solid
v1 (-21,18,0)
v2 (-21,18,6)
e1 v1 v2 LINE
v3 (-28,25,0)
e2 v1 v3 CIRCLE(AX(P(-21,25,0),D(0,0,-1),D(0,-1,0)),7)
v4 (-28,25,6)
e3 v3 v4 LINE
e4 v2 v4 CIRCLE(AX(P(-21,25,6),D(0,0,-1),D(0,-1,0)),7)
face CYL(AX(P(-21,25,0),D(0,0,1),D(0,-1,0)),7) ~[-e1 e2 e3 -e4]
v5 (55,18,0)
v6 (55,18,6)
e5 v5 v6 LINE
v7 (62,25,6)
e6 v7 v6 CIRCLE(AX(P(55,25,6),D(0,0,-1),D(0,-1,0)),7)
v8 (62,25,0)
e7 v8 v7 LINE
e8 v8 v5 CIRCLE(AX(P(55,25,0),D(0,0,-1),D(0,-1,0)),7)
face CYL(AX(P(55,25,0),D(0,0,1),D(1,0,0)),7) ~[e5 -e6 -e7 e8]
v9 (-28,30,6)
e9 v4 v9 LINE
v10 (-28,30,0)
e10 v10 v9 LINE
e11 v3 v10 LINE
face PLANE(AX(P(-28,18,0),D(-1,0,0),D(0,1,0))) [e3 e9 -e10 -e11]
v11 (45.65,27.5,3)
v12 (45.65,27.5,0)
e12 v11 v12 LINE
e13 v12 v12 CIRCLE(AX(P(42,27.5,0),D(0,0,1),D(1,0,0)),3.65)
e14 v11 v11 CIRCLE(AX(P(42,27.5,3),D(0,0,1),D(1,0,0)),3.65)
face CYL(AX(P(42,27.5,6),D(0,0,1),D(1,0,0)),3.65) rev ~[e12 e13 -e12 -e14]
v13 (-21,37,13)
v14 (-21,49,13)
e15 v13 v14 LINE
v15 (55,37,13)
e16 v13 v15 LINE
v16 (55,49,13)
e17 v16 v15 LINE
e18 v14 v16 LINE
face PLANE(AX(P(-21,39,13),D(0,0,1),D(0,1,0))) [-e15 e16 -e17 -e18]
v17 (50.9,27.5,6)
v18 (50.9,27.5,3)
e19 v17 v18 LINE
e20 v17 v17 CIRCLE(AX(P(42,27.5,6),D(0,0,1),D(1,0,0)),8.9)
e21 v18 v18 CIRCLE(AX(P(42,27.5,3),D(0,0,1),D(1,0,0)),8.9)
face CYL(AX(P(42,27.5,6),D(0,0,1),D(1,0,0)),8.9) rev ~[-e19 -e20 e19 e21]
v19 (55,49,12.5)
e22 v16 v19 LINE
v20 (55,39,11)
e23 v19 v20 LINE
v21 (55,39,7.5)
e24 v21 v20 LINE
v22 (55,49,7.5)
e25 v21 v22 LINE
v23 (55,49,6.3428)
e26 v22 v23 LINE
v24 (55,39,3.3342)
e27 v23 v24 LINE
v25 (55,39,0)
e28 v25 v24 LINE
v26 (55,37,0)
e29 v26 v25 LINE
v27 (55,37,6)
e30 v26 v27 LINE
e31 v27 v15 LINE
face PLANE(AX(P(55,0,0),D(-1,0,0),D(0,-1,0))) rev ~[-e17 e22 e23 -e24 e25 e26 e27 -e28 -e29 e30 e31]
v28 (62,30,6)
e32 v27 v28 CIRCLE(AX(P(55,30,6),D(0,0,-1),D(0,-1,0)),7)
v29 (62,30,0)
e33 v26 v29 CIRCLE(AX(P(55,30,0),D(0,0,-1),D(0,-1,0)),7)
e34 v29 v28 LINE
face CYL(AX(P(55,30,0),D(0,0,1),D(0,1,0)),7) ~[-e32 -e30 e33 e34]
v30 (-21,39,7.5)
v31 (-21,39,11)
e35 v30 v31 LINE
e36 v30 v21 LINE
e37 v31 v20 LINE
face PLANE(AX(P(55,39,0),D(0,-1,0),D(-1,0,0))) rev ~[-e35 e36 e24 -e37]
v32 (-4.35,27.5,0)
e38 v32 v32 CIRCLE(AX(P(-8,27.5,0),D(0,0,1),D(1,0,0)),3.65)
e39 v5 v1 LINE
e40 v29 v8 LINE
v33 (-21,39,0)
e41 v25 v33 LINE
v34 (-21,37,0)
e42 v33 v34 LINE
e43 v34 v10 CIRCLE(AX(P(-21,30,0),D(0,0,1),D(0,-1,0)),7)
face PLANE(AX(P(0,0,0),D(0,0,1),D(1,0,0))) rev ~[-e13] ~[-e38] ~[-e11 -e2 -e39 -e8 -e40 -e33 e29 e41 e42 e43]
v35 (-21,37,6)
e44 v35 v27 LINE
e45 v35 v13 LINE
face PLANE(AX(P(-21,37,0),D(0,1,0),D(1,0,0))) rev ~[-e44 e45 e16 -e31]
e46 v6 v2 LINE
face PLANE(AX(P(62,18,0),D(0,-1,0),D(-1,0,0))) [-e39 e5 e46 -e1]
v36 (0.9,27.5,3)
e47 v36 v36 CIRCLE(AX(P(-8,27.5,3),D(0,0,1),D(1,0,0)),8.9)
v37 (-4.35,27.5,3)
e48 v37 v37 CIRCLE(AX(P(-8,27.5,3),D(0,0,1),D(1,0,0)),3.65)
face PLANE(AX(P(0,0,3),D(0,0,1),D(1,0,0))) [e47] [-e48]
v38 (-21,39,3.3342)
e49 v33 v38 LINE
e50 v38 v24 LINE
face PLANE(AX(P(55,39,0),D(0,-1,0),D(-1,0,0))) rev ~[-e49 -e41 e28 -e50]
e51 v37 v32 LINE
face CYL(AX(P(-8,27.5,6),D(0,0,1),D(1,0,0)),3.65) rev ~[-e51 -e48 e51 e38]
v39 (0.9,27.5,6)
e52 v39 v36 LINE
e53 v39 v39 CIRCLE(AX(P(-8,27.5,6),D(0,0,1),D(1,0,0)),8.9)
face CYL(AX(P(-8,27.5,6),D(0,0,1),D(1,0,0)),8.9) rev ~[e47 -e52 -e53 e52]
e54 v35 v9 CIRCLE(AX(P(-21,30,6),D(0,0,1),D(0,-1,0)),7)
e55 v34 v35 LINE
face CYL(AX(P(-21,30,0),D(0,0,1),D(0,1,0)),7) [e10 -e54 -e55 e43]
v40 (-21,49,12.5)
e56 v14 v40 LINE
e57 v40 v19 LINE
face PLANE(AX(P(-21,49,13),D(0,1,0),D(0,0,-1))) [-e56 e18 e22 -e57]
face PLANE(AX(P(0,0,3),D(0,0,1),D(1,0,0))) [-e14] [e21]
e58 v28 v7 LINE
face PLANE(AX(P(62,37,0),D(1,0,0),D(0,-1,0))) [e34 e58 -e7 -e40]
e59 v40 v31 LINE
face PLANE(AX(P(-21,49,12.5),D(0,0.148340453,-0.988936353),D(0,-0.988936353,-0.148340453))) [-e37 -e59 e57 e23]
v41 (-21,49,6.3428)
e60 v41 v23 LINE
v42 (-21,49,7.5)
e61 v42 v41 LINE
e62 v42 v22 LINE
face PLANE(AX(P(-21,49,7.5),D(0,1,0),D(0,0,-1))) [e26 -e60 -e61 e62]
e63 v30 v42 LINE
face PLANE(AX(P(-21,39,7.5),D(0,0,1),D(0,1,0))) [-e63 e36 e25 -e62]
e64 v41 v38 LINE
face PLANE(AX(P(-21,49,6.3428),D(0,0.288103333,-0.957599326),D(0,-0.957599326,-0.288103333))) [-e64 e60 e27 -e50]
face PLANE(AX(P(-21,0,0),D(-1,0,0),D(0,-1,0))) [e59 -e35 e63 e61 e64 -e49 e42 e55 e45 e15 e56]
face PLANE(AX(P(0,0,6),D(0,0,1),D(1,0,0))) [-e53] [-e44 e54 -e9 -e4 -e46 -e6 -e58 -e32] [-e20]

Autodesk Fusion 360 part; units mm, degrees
sketch "Sketch1" plane through (0, 0, 0) normal (0, 0, 1) x (1, 0, 0)
  line L0 (-28, 37) -> (62, 37)
  line L1 (62, 37) -> (62, 18)
  line L2 (62, 18) -> (-28, 18)
  line L3 (-28, 18) -> (-28, 37)
  dimension "d1" = 90
  dimension "d2" = 19
extrude "Extrude1" add sketch "Sketch1" along normal blind 6
fillet "Fillet1" radius 7 3 edges at (62, 37, 3) (62, 18, 3) (-28, 18, 3)
fillet "Fillet2" radius 7 1 edges at (-28, 37, 3)
sketch "Sketch2" plane through (0, 0, 6) normal (0, 0, 1) x (-1, 0, 0)
  arc A0 (21, -37) -> (28, -30) centre (21, -30) ccw
  line L0 (28, -30) -> (28, -25)
  arc A1 (28, -25) -> (21, -18) centre (21, -25) ccw
  line L1 (21, -18) -> (-55, -18)
  arc A2 (-55, -18) -> (-62, -25) centre (-55, -25) ccw
  line L2 (-62, -25) -> (-62, -30)
  arc A3 (-62, -30) -> (-55, -37) centre (-55, -30) ccw
  line L3 (-55, -37) -> (21, -37)
ref_plane "WorkPlane1" through (17, 27.5, 6) normal (0, 0, 1) x (-1, 0, 0)
sketch "Sketch3" plane through (0, 0, 6) normal (0, 0, 1) x (1, 0, 0)
  line L0 (17, 37) -> (17, 18)
  circle A0 centre (-8, 27.5) radius 8.9
  circle A1 centre (42, 27.5) radius 8.9
  circle A2 centre (-8, 27.5) radius 3.65
  circle A3 centre (42, 27.5) radius 3.65
  dimension "d13" = 17.8
  dimension "d14" = 17.8
  dimension "d15" = 7.3
  dimension "d16" = 7.3
extrude "Extrude2" cut sketch "Sketch3" against normal blind 7 contours A2 | A3
extrude "Extrude3" cut sketch "Sketch3" against normal blind 3
sketch "Sketch4" plane through (0, 0, 0) normal (0, 0, 1) x (1, 0, 0)
  line L0 (-21, 37) -> (55, 37)
  line L1 (55, 37) -> (55, 39)
  line L2 (55, 39) -> (-21, 39)
  line L3 (-21, 39) -> (-21, 37)
  dimension "d21" = 76
  dimension "d22" = 2
extrude "Extrude4" add sketch "Sketch4" along normal blind 13
ref_plane "WorkPlane2" through (-21, 38, 6.5) normal (-1, 0, 0) x (0, -1, 0)
sketch "Sketch5" plane through (-21, 0, 0) normal (-1, 0, 0) x (0, -1, 0)
  line L0 (-39, 13) -> (-49, 13)
  line L1 (-49, 13) -> (-49, 12)
  line L2 (-39, 13) -> (-39, 11)
  line L3 (-49, 12.5) -> (-39, 11)
  dimension "d26" = 10
  dimension "d27" = 1
extrude "Extrude5" add sketch "Sketch5" against normal blind 76
sketch "Sketch6" plane through (-21, 0, 0) normal (-1, 0, 0) x (0, -1, 0)
  line L0 (-39, 0) -> (-37, 0)
  line L1 (-37, 0) -> (-37, 6)
  line L2 (-37, 6) -> (-37, 13)
  line L3 (-37, 13) -> (-49, 13)
  line L4 (-49, 13) -> (-49, 12.5)
  line L5 (-49, 12.5) -> (-39, 11)
  line L6 (-39, 11) -> (-39, 0)
  line L7 (-39, 7.5) -> (-49, 7.5)
  line L8 (-49, 7.5) -> (-49, 6.3428)
  line L9 (-49, 6.3428) -> (-39, 3.3342)
  line L10 (-39, 7.5) -> (-39, 3.3342)
  dimension "d34" = 10
extrude "Extrude6" add sketch "Sketch6" against normal blind 76 contours L6 L7 L8 L9 L10
